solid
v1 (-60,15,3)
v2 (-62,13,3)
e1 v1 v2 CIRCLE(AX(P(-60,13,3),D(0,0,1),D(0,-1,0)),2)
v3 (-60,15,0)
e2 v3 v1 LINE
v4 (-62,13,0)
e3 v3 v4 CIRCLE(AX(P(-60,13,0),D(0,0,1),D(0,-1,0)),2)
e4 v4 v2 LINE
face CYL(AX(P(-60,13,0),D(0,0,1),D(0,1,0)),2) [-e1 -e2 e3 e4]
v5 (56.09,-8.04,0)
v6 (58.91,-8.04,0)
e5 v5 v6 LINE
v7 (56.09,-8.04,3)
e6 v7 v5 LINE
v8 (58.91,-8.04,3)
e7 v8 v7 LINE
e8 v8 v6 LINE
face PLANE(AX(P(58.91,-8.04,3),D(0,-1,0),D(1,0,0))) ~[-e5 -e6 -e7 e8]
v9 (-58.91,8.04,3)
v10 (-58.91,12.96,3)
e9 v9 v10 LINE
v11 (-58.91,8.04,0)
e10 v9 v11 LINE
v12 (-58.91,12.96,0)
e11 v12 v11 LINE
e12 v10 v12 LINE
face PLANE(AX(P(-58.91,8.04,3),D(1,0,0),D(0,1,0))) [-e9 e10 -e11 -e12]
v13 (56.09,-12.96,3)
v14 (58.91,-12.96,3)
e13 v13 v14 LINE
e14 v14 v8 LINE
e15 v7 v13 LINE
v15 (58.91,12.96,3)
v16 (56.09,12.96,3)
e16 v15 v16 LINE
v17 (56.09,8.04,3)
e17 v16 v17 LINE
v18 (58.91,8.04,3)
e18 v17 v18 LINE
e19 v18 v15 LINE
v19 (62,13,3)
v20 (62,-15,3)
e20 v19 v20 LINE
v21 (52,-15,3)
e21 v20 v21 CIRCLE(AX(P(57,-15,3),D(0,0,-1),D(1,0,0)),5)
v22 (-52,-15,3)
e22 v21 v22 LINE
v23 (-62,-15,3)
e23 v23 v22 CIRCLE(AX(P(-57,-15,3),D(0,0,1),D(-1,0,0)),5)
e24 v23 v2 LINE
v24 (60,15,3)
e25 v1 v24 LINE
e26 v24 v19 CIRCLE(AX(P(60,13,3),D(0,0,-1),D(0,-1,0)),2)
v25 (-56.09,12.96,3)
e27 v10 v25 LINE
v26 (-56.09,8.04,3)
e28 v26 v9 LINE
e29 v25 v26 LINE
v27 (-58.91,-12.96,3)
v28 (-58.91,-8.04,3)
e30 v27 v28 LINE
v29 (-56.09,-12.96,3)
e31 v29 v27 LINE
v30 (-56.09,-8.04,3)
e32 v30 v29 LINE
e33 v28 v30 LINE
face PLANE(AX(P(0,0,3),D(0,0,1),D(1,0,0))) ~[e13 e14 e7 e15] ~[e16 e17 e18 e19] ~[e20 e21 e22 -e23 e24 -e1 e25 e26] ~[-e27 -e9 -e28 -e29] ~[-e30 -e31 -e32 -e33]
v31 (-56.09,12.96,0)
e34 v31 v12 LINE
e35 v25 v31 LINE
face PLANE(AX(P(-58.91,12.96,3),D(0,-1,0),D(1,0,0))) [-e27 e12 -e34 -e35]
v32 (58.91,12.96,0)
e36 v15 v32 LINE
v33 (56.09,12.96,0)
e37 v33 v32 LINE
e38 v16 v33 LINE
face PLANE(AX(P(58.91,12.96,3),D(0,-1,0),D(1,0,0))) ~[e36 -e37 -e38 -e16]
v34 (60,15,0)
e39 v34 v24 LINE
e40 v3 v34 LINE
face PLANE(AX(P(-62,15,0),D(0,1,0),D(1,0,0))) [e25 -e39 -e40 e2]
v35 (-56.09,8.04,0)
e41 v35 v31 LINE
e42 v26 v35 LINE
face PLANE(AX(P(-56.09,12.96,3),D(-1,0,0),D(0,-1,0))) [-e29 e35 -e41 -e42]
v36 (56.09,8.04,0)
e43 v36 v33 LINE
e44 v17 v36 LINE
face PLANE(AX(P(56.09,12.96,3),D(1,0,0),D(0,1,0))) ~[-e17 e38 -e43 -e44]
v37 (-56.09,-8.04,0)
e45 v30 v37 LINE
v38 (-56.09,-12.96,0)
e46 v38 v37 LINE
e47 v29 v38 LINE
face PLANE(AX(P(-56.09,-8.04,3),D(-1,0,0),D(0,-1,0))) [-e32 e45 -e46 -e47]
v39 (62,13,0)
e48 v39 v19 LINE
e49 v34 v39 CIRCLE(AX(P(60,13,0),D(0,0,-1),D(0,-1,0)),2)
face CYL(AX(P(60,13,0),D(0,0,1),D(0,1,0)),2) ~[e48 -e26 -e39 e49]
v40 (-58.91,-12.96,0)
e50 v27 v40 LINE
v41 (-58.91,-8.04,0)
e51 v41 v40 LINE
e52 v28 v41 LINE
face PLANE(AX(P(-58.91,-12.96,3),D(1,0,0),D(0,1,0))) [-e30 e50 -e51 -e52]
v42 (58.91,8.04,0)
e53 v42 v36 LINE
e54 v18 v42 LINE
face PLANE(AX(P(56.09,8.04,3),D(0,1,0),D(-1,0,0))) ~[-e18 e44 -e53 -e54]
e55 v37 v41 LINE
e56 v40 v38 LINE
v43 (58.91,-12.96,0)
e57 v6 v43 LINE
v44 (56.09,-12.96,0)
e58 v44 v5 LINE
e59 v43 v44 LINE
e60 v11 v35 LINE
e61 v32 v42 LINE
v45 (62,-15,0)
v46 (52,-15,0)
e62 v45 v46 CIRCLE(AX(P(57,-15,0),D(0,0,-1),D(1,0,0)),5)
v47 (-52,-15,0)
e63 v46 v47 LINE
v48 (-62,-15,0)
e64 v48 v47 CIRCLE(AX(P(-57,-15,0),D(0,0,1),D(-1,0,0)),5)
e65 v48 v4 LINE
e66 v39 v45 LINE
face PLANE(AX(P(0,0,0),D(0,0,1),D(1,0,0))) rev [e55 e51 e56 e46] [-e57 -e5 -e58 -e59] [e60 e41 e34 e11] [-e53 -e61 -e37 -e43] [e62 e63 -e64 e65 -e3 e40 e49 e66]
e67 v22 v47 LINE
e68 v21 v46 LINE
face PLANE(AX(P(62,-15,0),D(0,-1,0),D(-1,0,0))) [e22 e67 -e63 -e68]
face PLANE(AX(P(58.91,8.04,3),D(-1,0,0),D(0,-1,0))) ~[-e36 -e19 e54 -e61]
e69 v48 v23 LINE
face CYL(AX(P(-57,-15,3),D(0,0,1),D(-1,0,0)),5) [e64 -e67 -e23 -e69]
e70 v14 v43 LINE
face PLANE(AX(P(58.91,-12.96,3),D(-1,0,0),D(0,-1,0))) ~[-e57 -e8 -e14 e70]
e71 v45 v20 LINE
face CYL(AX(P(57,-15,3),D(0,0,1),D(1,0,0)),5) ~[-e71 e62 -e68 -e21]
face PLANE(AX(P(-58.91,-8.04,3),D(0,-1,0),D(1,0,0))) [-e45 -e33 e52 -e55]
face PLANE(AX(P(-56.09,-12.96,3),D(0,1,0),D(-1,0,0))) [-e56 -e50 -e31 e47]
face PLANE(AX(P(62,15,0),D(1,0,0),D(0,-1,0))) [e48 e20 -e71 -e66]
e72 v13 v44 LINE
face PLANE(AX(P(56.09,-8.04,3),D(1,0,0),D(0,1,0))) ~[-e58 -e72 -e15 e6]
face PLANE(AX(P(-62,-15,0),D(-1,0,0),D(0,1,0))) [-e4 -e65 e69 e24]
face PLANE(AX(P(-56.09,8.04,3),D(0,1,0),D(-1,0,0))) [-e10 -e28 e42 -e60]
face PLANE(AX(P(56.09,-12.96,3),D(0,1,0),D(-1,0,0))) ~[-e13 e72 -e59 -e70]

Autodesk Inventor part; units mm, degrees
ref_plane "YZ Plane" through (0, 0, 0) normal (1, 0, 0) x (0, 1, 0)
ref_plane "XZ Plane" through (0, 0, 0) normal (0, 1, 0) x (-1, 0, 0)
ref_plane "XY Plane" through (0, 0, 0) normal (0, 0, 1) x (1, 0, 0)
sketch "Sketch1" plane through (0, 0, 0) normal (0, 0, 1) x (1, 0, 0)
  line L0 (-62, 15) -> (62, 15)
  line L1 (62, 15) -> (62, -15)
  line L2 (62, -15) -> (-62, -15)
  line L3 (-62, -15) -> (-62, 15)
  line L4 (-62, 15) -> (62, -15) construction
  line L5 (62, 15) -> (-62, -15) construction
  point P0 (0, 0)
  dimension "d0" = 124
  dimension "d1" = 30
extrude "Extrusion1" add sketch "Sketch1" along normal blind 3
sketch "Sketch3" plane through (0, 0, 3) normal (0, 0, 1) x (1, 0, 0)
  line L0 (62, 15) -> (-62, 15) projected
  line L1 (-62, -15) -> (62, -15) projected
  arc A0 (-62, -15) -> (-52, -15) centre (-57, -15) ccw
  line L2 (-62, -15) -> (-52, -15)
  point P0 (0, 0)
extrude "Extrusion3" add sketch "Sketch3" against normal blind 3
mirror "Mirror2" about plane through (0, 0, 0) normal (1, 0, 0) of "Extrusion3"
fillet "Fillet1" radius 2 1 edges at (-62, 15, 1.5)
fillet "Fillet2" radius 2 1 edges at (62, 15, 1.5)
sketch "Sketch5" plane through (0, 0, 3) normal (0, 0, 1) x (1, 0, 0)
  line L0 (-58.91, 12.96) -> (-56.09, 12.96)
  line L1 (-56.09, 12.96) -> (-56.09, 8.04)
  line L2 (-56.09, 8.04) -> (-58.91, 8.04)
  line L3 (-58.91, 8.04) -> (-58.91, 12.96)
  line L4 (-58.91, 12.96) -> (-56.09, 8.04) construction
  line L5 (-56.09, 12.96) -> (-58.91, 8.04) construction
  line L6 (60, 15) -> (-60, 15) projected
  line L7 (-58.91, -8.04) -> (-56.09, -8.04)
  line L8 (-56.09, -8.04) -> (-56.09, -12.96)
  line L9 (-56.09, -12.96) -> (-58.91, -12.96)
  line L10 (-58.91, -12.96) -> (-58.91, -8.04)
  line L11 (-58.91, -8.04) -> (-56.09, -12.96) construction
  line L12 (-56.09, -8.04) -> (-58.91, -12.96) construction
  line L13 (-52, -15) -> (52, -15) projected
  point P0 (0, 0)
  point P1 (-57.5, 10.5)
  point P2 (-57.5, -10.5)
  point P3 (-57.5, -10.5)
  point P4 (-57.5, 10.5)
  dimension "d31" = 2.82
  dimension "d32" = 4.92
  dimension "d33" = 57.5
  dimension "d34" = 4.5
  dimension "d35" = 4.5
  dimension "d4" = 3
  dimension "d5" = 5
  dimension "d6" = 56
  dimension "d7" = 2
  dimension "d10" = 5
  dimension "d11" = 2
extrude "Extrusion5" cut sketch "Sketch5" against normal through all
mirror "Mirror3" about plane through (0, 0, 0) normal (1, 0, 0) of "Extrusion5"
equation "\"d35\" = d34"
equation "\"kerf\" = 0.13"
properties part number "BackPanel" material "Acrylic, Clear"
